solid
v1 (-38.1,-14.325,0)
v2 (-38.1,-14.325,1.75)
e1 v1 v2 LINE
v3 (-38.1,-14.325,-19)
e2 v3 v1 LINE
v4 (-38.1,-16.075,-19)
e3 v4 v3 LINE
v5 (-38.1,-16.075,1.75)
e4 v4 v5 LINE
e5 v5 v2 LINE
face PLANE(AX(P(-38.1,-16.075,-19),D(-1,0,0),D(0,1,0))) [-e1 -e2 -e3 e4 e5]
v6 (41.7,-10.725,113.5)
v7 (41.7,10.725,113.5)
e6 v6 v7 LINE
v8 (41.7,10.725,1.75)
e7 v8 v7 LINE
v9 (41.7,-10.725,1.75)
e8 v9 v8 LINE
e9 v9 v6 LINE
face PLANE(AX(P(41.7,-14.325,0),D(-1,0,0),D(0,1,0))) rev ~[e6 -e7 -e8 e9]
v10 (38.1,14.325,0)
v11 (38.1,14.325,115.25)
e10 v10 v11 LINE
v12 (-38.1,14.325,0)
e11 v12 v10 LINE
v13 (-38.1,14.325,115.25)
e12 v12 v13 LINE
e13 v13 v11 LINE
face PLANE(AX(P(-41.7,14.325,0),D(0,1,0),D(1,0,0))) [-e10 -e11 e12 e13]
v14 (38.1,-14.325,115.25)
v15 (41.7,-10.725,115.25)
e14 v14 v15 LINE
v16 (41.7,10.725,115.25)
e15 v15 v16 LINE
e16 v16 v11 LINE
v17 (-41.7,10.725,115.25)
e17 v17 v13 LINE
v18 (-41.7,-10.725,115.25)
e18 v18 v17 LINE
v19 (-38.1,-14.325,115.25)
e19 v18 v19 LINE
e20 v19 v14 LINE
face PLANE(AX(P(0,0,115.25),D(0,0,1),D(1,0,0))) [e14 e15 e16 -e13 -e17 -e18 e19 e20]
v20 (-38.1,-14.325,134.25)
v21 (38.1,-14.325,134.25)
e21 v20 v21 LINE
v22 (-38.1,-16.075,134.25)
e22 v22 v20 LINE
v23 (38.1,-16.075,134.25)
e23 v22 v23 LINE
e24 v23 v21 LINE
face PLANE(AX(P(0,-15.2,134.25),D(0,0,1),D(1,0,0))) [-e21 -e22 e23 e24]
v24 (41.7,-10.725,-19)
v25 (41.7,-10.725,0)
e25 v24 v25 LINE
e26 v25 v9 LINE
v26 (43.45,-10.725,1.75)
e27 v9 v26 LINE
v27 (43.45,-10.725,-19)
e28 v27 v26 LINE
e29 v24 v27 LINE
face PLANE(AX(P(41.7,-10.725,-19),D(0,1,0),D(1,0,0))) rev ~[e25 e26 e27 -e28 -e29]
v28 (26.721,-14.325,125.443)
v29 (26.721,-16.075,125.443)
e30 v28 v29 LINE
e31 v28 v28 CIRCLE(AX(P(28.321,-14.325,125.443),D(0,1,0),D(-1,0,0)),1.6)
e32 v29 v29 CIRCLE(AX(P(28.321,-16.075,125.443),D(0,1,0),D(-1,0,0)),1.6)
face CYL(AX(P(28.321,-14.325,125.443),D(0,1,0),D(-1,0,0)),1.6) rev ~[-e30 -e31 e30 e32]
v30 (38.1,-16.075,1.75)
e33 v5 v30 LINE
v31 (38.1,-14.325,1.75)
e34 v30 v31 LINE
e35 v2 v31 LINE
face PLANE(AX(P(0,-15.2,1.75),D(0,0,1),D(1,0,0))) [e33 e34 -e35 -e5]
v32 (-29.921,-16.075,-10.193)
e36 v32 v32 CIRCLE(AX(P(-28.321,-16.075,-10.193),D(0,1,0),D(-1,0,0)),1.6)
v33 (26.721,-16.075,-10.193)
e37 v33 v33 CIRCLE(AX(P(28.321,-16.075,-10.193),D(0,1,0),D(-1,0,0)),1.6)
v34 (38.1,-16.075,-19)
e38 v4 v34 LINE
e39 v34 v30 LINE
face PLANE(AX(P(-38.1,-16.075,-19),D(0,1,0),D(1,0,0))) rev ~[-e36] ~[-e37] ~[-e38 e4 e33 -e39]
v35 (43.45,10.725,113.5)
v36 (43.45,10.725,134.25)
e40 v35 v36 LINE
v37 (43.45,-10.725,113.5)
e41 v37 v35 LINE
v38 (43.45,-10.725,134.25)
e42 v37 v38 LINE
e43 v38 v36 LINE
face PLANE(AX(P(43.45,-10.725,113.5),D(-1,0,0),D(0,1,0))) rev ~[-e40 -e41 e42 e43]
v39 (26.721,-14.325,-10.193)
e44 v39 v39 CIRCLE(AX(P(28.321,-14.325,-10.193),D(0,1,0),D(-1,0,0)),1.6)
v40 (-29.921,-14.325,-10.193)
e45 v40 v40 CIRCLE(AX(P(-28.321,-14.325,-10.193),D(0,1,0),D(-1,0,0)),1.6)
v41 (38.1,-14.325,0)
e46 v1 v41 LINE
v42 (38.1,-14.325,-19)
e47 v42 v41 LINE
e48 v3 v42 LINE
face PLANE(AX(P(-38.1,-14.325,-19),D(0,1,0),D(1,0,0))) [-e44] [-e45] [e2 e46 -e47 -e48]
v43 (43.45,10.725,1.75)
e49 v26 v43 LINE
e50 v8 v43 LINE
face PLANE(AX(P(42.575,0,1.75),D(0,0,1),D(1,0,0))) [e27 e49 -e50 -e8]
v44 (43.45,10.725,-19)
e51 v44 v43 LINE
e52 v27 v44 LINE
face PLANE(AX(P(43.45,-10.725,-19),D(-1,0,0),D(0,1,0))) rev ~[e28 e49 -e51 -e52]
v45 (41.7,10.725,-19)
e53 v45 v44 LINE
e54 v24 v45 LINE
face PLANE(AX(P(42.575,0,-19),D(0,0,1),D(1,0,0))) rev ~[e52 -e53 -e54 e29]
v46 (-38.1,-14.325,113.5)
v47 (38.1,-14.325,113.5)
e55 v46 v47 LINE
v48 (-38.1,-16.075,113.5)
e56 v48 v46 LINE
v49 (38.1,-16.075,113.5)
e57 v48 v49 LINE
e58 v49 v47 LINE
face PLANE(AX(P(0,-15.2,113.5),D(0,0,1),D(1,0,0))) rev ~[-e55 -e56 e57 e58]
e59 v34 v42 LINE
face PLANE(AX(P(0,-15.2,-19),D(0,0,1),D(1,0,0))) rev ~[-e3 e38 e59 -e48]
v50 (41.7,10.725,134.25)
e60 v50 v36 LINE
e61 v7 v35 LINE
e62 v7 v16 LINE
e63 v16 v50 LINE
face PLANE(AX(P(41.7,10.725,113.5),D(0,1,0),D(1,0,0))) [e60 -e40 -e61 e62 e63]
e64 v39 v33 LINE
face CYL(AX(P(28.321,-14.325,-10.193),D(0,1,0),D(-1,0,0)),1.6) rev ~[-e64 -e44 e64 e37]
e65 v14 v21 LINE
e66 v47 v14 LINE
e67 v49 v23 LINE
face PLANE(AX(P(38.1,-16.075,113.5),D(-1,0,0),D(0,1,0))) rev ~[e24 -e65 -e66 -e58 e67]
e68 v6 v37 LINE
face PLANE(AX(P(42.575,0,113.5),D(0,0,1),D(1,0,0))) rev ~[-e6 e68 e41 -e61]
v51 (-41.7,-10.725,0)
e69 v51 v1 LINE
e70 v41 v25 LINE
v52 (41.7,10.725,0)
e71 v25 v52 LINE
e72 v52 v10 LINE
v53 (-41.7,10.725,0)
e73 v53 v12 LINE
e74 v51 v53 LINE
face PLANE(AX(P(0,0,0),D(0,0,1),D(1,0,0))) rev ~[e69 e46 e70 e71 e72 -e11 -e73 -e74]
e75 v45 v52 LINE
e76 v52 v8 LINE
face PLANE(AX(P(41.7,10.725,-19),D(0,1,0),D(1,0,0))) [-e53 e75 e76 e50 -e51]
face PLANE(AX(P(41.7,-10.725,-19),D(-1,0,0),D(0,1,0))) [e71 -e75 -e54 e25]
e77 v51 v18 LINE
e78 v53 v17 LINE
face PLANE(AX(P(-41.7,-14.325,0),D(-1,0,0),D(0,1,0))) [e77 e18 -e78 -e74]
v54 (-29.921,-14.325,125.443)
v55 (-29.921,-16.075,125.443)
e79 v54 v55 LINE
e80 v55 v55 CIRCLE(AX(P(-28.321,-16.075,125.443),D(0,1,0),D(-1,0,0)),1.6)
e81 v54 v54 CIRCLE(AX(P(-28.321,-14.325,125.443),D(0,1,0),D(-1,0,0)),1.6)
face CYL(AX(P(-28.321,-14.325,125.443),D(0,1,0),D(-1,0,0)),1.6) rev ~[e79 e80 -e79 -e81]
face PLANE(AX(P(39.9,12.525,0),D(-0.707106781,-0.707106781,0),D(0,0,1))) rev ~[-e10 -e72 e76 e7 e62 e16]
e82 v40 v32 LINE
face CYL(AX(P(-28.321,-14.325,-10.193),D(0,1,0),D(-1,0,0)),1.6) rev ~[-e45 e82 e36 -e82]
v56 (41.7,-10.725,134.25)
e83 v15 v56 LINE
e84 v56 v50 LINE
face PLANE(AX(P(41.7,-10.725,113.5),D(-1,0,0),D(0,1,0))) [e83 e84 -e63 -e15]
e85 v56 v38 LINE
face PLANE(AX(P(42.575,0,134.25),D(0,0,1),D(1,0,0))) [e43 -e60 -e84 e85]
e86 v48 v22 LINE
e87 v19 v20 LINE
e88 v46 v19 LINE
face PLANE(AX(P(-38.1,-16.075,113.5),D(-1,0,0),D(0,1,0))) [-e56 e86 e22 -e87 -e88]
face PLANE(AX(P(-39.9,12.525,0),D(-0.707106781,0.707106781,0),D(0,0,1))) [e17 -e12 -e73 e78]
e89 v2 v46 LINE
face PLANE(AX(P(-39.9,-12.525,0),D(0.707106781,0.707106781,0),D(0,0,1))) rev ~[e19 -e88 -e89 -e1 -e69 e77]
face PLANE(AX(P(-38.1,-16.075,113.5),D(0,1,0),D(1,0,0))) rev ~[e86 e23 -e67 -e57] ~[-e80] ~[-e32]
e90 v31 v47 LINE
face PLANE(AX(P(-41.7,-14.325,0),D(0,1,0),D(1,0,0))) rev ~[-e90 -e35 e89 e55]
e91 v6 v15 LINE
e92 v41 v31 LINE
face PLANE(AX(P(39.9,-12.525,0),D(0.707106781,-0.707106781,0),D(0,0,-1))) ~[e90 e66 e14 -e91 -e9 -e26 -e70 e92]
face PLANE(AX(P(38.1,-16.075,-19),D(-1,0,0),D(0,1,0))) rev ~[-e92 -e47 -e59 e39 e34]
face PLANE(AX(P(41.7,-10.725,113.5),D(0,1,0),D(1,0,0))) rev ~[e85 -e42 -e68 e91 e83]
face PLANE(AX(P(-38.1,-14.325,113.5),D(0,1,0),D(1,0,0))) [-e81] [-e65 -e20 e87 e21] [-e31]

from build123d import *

# Parameters (mm, degrees)
SKETCH1_W                = 83.4
SKETCH1_H                = 28.65
BOSS_EXTRUDE1_DEPTH      = 115.25
CHAMFER1_SIZE            = 3.6
BOSS_EXTRUDE2_DEPTH      = 19
BOSS_EXTRUDE2_DEPTH_BACK = 1.75
SKETCH2_W                = 1.75
SKETCH2_H                = 21.45
SKETCH2_W_2              = 76.2
SKETCH2_H_2              = 1.75
BOSS_EXTRUDE4_DEPTH      = 1.75
BOSS_EXTRUDE4_DEPTH_BACK = 19
BOSS_EXTRUDE4_START      = -115.25
SKETCH2_2_W              = 1.75
SKETCH2_2_H              = 21.45
SKETCH2_2_W_2            = 76.2
SKETCH2_2_H_2            = 1.75
SKETCH3_R                = 1.6
CUT_EXTRUDE1_DEPTH       = 144.985372521


with BuildPart() as part:
    # Sketch1 → Boss-Extrude1 (new body)
    with BuildSketch(Plane.XY):
        Rectangle(SKETCH1_W, SKETCH1_H)
    extrude(amount=BOSS_EXTRUDE1_DEPTH)

    # Chamfer1
    chamfer1_edges = [part.edges().sort_by_distance(p)[0] for p in [
        (-41.7, -14.325, 57.625),
        (41.7, -14.325, 57.625),
        (41.7, 14.325, 57.625),
        (-41.7, 14.325, 57.625),
    ]]
    chamfer(chamfer1_edges, length=CHAMFER1_SIZE)

    # Sketch2 → Boss-Extrude2 (add, two sides: drawn at the far end of the back side and taken through both)
    with BuildSketch(Plane.XY.offset(115.25).offset(-BOSS_EXTRUDE2_DEPTH_BACK)):
        with Locations((42.575, 0)):
            Rectangle(SKETCH2_W, SKETCH2_H)
        with Locations((0, -15.2)):
            Rectangle(SKETCH2_W_2, SKETCH2_H_2)
    extrude(amount=BOSS_EXTRUDE2_DEPTH + BOSS_EXTRUDE2_DEPTH_BACK)

    # Sketch2<2> → Boss-Extrude4 (add, two sides: drawn at the far end of the back side and taken through both)
    with BuildSketch(Plane.XY.offset(115.25).offset(BOSS_EXTRUDE4_START - BOSS_EXTRUDE4_DEPTH_BACK)):
        with Locations((42.575, 0)):
            Rectangle(SKETCH2_2_W, SKETCH2_2_H)
        with Locations((0, -15.2)):
            Rectangle(SKETCH2_2_W_2, SKETCH2_2_H_2)
    extrude(amount=BOSS_EXTRUDE4_DEPTH + BOSS_EXTRUDE4_DEPTH_BACK)

    # Sketch3 → Cut-Extrude1 (cut, through all)
    with BuildSketch(Plane(origin=(0, -14.325, 0), x_dir=(1, 0, 0), z_dir=(0, 1, 0))):
        with Locations((-28.321, 10.193)):
            Circle(SKETCH3_R)
        with Locations((28.321, 10.193)):
            Circle(SKETCH3_R)
        with Locations((28.321, -125.443)):
            Circle(SKETCH3_R)
        with Locations((-28.321, -125.443)):
            Circle(SKETCH3_R)
    extrude(amount=-CUT_EXTRUDE1_DEPTH, mode=Mode.SUBTRACT)


solid = part.part
